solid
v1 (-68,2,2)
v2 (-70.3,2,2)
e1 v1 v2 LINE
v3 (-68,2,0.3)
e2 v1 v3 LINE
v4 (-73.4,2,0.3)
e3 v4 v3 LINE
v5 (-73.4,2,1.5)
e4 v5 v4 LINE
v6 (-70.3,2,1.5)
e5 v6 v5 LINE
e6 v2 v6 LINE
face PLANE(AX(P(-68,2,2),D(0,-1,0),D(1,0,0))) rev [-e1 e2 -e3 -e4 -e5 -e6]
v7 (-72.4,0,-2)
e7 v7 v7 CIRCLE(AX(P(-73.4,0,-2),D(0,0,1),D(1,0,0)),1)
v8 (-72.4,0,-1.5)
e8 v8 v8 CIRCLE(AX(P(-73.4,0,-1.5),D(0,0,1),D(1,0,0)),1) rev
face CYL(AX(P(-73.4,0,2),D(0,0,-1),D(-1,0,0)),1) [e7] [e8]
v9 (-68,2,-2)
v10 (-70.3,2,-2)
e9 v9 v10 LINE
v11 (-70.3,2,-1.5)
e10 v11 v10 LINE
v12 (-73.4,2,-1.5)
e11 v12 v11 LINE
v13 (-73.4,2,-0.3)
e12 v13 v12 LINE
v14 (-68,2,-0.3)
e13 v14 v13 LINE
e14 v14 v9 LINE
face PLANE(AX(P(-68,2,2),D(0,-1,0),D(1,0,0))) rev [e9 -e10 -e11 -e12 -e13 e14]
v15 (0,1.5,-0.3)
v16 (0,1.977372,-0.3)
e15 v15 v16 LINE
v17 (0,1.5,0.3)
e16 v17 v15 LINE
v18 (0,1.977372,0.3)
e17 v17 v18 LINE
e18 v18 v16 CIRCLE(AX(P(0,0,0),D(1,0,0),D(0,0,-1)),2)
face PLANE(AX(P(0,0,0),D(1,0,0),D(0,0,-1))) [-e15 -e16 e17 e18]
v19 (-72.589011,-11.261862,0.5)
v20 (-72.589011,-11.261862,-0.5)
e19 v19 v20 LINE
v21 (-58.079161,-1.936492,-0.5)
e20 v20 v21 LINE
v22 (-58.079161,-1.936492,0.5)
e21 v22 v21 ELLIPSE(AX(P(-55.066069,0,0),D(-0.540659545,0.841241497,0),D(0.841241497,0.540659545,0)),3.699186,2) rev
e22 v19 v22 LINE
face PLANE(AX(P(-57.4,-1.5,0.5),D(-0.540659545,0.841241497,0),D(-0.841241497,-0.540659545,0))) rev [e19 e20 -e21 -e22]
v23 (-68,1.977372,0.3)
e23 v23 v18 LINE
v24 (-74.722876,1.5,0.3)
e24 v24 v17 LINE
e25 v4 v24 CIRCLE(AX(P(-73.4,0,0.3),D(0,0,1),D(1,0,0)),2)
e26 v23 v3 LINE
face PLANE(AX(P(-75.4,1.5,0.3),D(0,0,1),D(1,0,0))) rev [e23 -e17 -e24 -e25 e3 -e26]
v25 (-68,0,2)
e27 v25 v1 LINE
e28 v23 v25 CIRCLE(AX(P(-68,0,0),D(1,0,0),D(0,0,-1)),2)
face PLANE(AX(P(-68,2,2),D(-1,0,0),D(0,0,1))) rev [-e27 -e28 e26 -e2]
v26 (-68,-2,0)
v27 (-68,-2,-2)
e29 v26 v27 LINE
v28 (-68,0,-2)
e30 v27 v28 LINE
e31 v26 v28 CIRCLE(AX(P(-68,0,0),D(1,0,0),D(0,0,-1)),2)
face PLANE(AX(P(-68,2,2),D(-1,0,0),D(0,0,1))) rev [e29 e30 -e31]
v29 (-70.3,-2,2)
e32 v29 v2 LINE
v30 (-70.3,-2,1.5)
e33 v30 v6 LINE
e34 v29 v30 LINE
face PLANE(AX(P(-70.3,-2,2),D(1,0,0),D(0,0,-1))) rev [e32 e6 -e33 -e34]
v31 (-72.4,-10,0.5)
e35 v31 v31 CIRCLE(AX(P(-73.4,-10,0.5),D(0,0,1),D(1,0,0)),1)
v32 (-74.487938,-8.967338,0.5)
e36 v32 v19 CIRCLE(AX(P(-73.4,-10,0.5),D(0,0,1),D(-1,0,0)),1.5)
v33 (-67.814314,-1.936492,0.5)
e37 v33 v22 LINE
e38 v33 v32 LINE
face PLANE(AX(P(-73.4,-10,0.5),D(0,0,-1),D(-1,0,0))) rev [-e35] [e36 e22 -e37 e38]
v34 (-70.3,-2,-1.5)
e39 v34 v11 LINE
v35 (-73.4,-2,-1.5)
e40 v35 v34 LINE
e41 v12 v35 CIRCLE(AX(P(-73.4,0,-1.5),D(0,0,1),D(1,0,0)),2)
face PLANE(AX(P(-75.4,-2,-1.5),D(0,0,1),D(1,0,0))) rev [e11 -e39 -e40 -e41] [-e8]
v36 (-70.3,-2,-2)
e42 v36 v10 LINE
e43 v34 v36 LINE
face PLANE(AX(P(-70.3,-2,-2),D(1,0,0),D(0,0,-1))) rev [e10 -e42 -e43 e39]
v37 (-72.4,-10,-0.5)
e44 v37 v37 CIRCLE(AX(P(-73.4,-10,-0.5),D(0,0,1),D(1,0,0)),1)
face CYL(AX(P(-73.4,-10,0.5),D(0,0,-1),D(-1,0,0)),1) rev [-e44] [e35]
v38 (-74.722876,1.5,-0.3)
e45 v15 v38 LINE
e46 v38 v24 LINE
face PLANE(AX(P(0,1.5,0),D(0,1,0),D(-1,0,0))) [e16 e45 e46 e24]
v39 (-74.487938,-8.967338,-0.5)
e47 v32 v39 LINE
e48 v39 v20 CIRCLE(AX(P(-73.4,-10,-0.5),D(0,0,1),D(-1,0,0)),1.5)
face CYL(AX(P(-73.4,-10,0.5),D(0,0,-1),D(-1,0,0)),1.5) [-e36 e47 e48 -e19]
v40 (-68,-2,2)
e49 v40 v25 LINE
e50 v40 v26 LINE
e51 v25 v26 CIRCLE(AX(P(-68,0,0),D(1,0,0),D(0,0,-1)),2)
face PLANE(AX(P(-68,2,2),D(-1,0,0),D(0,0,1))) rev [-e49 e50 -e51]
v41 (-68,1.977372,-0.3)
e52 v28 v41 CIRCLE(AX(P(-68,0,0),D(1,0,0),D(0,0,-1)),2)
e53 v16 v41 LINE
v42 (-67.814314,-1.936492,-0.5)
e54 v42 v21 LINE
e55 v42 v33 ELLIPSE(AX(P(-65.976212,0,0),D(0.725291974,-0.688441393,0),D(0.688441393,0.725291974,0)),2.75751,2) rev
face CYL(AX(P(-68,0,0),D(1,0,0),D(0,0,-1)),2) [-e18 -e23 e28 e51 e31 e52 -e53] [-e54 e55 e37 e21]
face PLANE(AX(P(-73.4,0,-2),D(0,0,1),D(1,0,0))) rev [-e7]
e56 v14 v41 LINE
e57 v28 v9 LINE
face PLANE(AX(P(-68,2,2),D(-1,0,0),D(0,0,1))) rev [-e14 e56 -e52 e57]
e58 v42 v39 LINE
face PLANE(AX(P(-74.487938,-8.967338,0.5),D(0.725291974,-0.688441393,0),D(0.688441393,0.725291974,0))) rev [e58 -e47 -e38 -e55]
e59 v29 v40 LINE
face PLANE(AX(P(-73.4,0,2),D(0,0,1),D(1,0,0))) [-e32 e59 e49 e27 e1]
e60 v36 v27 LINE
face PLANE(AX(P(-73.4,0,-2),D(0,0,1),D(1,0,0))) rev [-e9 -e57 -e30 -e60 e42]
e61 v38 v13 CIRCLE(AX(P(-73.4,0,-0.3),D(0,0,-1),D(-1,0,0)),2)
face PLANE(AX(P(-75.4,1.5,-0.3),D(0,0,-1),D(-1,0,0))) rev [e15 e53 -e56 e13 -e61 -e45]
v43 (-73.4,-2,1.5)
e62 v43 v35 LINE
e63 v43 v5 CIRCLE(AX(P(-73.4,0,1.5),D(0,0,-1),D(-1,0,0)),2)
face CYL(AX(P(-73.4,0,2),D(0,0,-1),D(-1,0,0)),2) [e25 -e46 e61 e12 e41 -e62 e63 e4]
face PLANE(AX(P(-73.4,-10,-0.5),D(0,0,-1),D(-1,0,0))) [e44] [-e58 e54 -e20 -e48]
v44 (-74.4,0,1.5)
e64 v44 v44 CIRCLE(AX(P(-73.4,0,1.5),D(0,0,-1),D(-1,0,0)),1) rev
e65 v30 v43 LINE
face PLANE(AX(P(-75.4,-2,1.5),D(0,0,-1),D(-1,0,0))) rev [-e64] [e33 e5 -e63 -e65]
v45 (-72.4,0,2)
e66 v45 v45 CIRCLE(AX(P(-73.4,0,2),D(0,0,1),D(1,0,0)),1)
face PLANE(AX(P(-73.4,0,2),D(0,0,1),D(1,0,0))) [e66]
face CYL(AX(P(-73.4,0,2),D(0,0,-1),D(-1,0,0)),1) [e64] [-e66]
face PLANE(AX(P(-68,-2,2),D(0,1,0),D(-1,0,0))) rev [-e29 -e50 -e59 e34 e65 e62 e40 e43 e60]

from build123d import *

# Parameters (mm, degrees)
SKETCH_1_R               = 2
EXTRUDE_1_DEPTH          = 68
EXTRUDE_2_DEPTH          = 2
SKETCH_3_W               = 5.1
SKETCH_3_H               = 0.5
CUT_EXTRUDE_1_DEPTH      = 3
CUT_EXTRUDE_1_DEPTH_BACK = 3
SKETCH_4_R               = 1
EXTRUDE_3_DEPTH          = 2
SKETCH_5_W               = 75.4
SKETCH_5_H               = 0.6
CUT_EXTRUDE_2_DEPTH      = 0.5
SKETCH_6_R               = 1
EXTRUDE_4_DEPTH          = 0.5


with BuildPart() as part:
    # 草图1 → 凸台-拉伸1 (new body)
    with BuildSketch(Plane(origin=(0, 0, 0), x_dir=(0, 0, -1), z_dir=(1, 0, 0))):
        Circle(SKETCH_1_R)
    extrude(amount=-EXTRUDE_1_DEPTH)

    # 草图2 → 凸台-拉伸2 (add, symmetric)
    with BuildSketch(Plane.XY):
        with BuildLine():
            Line((-68, 2), (-73.4, 2))
            ThreePointArc((-73.4, 2), (-75.4, 0), (-73.4, -2))
            Line((-73.4, -2), (-68, -2))
            Line((-68, -2), (-68, 2))
        make_face()
    extrude(amount=EXTRUDE_2_DEPTH, both=True)

    # 草图3 → 切除-拉伸1 (cut, two sides)
    with BuildSketch(Plane(origin=(0, 0, 0), x_dir=(1, 0, 0), z_dir=(0, 1, 0))) as cut_extrude_1_sk:
        with Locations((-72.85, 1.75)):
            Rectangle(SKETCH_3_W, SKETCH_3_H)
        with Locations((-72.85, -1.75)):
            Rectangle(SKETCH_3_W, SKETCH_3_H)
    extrude(amount=CUT_EXTRUDE_1_DEPTH, mode=Mode.SUBTRACT)
    extrude(cut_extrude_1_sk.sketch, amount=-CUT_EXTRUDE_1_DEPTH_BACK, mode=Mode.SUBTRACT)

    # 草图4 → 凸台-拉伸3 (add, symmetric)
    with BuildSketch(Plane.XY):
        with Locations((-73.4, 0)):
            Circle(SKETCH_4_R)
    extrude(amount=EXTRUDE_3_DEPTH, both=True)

    # 草图5 → 切除-拉伸2 (cut)
    with BuildSketch(Plane(origin=(0, 2, 0), x_dir=(1, 0, 0), z_dir=(0, 1, 0))):
        with Locations((-37.7, 0)):
            Rectangle(SKETCH_5_W, SKETCH_5_H)
    extrude(amount=-CUT_EXTRUDE_2_DEPTH, mode=Mode.SUBTRACT)

    # 草图6 → 凸台-拉伸4 (add, symmetric)
    with BuildSketch(Plane.XY):
        with BuildLine():
            Line((-67.4, -1.5), (-57.4, -1.5))
            Line((-57.4, -1.5), (-72.589010682, -11.261862245))
            ThreePointArc((-72.589010682, -11.261862245), (-74.555588863, -10.956354736), (-74.487937961, -8.96733791))
            Line((-74.487937961, -8.96733791), (-67.4, -1.5))
        make_face()
        with Locations((-73.4, -10)):
            Circle(SKETCH_6_R, mode=Mode.SUBTRACT)
    extrude(amount=EXTRUDE_4_DEPTH, both=True)


solid = part.part
